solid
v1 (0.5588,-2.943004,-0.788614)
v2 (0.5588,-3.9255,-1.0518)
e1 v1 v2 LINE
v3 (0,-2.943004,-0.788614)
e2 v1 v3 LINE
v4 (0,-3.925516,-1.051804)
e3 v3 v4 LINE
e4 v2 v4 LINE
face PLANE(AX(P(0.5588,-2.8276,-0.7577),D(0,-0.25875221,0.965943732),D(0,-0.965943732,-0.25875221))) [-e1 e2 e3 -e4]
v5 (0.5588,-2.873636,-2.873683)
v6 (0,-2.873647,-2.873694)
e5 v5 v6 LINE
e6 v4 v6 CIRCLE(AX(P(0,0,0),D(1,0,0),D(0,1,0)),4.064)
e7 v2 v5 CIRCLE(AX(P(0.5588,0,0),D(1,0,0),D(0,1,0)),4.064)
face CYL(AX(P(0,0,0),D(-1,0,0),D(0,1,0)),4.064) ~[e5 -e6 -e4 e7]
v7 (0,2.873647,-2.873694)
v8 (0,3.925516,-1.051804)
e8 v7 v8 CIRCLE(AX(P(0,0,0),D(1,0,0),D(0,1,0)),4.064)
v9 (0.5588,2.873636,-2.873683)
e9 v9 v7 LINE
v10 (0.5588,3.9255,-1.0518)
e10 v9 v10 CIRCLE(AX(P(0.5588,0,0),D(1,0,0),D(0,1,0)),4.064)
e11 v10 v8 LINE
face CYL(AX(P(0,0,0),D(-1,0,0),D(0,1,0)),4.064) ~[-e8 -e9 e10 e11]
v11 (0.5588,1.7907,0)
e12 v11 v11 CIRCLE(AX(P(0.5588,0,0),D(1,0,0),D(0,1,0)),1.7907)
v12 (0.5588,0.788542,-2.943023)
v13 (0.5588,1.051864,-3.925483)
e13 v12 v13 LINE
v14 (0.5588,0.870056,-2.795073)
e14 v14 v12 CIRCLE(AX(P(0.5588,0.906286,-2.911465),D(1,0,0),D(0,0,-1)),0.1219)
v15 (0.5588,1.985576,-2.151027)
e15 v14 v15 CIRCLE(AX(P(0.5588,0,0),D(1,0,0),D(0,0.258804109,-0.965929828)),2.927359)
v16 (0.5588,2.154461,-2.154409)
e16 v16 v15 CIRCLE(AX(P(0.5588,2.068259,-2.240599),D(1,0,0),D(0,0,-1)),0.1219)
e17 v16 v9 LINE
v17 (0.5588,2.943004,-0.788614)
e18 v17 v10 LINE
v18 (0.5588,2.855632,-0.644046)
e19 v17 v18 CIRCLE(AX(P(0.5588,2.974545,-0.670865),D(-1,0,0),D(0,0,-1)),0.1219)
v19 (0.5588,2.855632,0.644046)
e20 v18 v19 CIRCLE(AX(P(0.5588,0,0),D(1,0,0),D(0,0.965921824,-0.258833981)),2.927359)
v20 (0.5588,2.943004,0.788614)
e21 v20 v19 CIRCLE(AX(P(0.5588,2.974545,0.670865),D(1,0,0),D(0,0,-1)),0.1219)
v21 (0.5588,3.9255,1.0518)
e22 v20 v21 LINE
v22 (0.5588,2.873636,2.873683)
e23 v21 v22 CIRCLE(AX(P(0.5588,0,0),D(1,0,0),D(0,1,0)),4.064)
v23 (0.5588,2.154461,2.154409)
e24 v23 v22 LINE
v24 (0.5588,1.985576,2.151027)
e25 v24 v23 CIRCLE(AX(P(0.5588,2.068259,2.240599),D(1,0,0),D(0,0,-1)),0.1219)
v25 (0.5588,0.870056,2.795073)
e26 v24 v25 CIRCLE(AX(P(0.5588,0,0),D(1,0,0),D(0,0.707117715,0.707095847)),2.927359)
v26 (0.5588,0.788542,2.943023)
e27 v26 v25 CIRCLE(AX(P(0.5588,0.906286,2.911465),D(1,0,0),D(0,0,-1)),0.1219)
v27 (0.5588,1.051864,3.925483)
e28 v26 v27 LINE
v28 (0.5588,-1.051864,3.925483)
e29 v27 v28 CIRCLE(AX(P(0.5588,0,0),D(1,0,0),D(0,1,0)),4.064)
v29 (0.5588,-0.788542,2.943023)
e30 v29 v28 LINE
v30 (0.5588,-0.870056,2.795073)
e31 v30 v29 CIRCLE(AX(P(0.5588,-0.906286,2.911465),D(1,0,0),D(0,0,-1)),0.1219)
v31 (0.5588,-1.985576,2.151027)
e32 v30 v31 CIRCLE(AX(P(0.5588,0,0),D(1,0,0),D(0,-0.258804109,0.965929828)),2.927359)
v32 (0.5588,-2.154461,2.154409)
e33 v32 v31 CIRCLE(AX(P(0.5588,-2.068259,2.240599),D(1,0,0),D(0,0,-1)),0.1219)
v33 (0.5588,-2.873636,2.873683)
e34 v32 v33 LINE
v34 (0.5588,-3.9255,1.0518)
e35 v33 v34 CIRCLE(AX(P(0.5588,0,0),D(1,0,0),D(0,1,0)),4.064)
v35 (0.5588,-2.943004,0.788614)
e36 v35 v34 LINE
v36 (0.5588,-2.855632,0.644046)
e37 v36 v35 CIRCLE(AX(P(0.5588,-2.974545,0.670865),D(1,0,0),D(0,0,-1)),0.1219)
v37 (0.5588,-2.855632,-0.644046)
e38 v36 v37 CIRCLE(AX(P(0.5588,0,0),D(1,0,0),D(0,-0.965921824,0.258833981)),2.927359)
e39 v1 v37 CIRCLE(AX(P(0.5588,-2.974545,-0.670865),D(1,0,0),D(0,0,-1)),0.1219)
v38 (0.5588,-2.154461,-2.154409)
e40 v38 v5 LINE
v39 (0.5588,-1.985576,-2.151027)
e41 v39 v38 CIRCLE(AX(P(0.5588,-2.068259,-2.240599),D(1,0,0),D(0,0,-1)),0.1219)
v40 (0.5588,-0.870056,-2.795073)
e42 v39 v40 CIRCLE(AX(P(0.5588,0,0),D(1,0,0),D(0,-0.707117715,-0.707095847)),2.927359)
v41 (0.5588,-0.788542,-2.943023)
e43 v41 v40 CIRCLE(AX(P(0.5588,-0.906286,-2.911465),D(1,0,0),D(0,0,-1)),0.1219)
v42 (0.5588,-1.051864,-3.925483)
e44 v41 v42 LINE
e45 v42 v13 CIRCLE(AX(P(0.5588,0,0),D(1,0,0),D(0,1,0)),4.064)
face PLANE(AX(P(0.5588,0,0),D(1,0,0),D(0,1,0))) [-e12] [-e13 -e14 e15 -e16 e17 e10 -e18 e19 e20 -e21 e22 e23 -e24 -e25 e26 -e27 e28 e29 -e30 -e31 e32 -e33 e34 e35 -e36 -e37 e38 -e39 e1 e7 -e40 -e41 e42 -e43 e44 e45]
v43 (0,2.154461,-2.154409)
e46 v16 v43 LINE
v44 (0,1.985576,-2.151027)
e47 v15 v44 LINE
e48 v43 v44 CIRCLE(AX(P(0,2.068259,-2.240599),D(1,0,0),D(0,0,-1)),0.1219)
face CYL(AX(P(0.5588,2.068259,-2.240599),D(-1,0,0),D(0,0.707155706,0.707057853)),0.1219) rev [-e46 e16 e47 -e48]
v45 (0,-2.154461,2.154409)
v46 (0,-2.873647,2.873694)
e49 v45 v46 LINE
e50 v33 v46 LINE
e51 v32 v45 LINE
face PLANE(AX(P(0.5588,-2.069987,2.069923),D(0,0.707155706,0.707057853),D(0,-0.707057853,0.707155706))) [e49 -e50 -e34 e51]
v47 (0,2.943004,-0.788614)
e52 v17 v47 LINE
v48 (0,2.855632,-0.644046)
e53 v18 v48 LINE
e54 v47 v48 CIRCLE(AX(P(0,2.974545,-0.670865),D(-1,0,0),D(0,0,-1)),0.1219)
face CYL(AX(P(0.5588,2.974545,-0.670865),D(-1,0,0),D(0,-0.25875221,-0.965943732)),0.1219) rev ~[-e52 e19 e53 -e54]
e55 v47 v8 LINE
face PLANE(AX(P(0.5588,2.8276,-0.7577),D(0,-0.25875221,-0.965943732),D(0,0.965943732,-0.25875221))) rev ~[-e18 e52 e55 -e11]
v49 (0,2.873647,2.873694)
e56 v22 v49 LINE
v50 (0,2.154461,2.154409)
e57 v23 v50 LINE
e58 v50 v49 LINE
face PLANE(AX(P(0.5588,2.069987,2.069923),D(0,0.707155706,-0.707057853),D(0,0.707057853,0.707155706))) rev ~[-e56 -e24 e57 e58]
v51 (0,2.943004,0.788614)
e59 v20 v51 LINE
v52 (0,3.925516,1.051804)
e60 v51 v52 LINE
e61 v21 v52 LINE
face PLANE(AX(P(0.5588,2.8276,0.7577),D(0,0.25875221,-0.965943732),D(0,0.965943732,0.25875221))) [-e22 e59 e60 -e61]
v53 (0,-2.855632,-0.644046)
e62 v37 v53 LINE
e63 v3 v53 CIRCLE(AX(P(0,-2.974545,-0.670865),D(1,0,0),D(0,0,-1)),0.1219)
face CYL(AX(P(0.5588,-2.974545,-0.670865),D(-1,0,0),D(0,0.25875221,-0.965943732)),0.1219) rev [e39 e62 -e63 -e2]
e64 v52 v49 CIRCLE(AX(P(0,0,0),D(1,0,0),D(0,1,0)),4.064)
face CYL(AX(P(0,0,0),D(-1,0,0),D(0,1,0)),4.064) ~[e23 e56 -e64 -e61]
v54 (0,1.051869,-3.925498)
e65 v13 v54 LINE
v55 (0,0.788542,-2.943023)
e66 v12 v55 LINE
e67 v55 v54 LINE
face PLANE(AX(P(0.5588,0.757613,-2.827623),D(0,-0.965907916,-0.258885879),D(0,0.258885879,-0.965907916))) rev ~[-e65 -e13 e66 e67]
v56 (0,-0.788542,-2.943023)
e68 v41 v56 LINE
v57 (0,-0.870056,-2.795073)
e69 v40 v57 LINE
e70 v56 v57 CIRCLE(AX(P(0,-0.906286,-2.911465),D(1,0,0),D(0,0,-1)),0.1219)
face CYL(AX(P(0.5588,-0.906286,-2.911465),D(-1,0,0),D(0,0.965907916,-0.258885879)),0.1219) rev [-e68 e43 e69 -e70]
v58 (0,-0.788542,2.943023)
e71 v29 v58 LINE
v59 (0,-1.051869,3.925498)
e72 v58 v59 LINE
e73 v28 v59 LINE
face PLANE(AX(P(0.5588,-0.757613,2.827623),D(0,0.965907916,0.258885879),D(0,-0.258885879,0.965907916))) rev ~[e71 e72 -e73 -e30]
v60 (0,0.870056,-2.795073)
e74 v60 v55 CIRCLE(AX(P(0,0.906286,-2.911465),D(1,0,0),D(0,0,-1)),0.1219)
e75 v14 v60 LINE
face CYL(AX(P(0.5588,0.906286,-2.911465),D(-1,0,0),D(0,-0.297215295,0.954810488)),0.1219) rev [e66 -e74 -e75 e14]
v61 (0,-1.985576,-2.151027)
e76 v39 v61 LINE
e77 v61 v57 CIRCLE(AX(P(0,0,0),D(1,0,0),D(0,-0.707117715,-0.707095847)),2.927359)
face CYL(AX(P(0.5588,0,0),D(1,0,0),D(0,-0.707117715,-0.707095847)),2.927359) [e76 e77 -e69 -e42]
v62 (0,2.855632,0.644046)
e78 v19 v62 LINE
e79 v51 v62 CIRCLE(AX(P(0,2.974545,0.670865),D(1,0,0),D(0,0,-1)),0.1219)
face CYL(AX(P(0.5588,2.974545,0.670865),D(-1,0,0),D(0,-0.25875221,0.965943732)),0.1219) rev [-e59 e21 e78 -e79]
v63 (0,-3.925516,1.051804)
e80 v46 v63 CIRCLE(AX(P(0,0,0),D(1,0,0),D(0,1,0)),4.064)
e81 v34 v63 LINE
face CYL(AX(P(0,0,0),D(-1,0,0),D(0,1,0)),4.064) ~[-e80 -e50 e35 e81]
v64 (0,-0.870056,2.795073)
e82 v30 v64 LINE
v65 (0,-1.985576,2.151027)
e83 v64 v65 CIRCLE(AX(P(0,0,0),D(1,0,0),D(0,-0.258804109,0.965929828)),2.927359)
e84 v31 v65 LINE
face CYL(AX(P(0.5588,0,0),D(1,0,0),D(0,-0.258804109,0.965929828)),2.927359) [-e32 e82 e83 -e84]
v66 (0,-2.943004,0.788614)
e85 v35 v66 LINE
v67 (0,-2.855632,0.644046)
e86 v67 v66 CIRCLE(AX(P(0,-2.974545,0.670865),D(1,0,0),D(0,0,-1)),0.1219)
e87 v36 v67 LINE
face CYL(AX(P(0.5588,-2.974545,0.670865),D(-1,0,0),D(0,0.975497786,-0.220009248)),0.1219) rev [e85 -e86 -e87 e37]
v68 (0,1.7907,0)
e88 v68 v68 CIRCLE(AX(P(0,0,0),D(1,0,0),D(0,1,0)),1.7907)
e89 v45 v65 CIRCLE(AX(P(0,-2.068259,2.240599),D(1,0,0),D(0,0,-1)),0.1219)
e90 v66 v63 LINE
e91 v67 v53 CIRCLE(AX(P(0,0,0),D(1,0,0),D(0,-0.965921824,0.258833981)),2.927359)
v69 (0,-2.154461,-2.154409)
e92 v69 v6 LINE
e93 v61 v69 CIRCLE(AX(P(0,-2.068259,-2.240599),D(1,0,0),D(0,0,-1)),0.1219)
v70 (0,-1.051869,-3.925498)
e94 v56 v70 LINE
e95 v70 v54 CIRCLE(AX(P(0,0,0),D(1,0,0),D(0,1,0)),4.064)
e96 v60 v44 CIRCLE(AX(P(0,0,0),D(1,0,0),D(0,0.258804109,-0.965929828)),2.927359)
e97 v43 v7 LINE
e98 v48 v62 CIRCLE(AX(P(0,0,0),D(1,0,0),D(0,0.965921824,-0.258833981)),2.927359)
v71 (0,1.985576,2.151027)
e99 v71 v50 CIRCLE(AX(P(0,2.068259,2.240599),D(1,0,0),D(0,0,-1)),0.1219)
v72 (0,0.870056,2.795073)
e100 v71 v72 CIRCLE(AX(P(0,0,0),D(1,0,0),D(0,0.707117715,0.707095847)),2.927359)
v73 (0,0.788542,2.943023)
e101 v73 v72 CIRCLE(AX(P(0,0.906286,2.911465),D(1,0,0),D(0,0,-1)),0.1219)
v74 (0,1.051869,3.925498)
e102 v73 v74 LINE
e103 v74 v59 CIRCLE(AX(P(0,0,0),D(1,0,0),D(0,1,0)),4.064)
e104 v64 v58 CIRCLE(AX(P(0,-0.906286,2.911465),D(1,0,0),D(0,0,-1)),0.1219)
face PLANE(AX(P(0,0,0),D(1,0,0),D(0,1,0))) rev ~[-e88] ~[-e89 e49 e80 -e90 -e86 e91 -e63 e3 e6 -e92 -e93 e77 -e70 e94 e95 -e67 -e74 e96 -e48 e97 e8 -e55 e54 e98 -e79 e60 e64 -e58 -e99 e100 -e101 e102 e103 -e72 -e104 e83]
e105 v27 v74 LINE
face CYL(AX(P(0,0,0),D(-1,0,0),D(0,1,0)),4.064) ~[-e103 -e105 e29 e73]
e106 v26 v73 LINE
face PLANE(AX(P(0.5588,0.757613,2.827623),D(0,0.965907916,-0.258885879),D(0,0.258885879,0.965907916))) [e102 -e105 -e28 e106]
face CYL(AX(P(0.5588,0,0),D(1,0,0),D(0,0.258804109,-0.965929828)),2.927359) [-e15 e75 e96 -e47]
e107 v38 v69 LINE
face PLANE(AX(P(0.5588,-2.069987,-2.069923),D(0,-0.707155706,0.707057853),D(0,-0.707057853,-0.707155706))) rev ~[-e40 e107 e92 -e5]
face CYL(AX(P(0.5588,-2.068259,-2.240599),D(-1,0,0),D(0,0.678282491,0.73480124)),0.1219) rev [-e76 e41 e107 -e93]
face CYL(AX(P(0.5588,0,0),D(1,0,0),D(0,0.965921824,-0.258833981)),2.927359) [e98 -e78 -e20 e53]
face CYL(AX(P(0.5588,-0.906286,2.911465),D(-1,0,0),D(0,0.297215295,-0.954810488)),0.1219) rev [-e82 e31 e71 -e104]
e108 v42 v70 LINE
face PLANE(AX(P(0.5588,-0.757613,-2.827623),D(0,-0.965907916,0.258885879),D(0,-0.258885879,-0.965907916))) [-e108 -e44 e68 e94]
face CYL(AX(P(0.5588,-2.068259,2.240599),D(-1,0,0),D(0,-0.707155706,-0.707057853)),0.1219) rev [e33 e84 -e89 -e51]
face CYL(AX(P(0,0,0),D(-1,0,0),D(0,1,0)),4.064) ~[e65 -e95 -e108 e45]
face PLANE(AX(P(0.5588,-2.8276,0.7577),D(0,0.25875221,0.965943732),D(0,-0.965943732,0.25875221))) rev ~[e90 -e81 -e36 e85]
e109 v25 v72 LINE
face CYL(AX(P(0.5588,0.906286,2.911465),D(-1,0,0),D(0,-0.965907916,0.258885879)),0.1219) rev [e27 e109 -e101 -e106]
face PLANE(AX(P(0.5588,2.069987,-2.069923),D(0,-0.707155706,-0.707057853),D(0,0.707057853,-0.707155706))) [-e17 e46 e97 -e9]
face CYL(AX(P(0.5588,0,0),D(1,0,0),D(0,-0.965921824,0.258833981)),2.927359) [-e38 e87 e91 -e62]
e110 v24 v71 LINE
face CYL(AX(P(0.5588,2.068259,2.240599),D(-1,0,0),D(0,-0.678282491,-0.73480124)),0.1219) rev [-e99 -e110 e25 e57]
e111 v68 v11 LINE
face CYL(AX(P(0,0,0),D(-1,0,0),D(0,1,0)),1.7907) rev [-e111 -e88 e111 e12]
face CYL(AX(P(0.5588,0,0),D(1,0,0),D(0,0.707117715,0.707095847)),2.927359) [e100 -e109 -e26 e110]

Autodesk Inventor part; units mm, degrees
ref_plane "YZ Plane" through (0, 0, 0) normal (1, 0, 0) x (0, 1, 0)
ref_plane "XZ Plane" through (0, 0, 0) normal (0, 1, 0) x (-1, 0, 0)
sketch "Sketch1" plane through (0, 0, 0) normal (1, 0, 0) x (0, 1, 0)
  circle A0 centre (0, 0) radius 4.064
  circle A1 centre (0, 0) radius 1.7907
  dimension "d0" = 8.128
  dimension "d1" = 3.5814
extrude "Body" add sketch "Sketch1" along normal blind 0.5588
sketch "Sketch2" plane through (0.5588, 0, 0) normal (1, 0, 0) x (0, 0, -1)
  circle A0 centre (0, 0) radius 4.064 projected
  line L0 (0, 0) -> (0, 4.064) construction
  arc A1 (1.0518, 3.9255) -> (-1.0518, 3.9255) centre (0, 0) ccw
  arc A2 (0.7577, 2.8276) -> (-0.7577, 2.8276) centre (0, 0) ccw
  line L1 (-0.7577, 2.8276) -> (-1.0518, 3.9255)
  line L2 (0.7577, 2.8276) -> (1.0518, 3.9255)
  line L3 (-0.7577, 2.8276) -> (0, 0) construction
  line L4 (0, 0) -> (0.7577, 2.8276) construction
  dimension "d4" = 30
  dimension "d5" = 5.8547
extrude "Cut" cut sketch "Sketch2" against normal through all contours L2 A2 L1 A0 picked at (0.0851, 3.6711)
fillet "Fillet1" radius 0.1219 2 edges at (0.2794, 2.8276, 0.7577) (0.2794, 2.8276, -0.7577)
pattern_circular "Cuts" count 6 over 360 about axis through (0, 0, 0) along (1, 0, 0) of "Cut", "Fillet1"
ref_plane "Work Plane1" through (0, 0, 0) normal (0, -1, 0) x (1, 0, 0)
equation "\"d0\" = SD2"
equation "\"d1\" = SD1"
equation "\"d2\" = SD"
equation "\"d5\" = 0.5 * SD2 + 0.5 * SD1"
equation "\"d6\" = SD"
equation "\"d8\" = 0.015 * SD2"
equation "\"SD\" = 0.5588"
equation "\"SD1\" = 3.5814"
equation "\"SD2\" = 8.128"
equation "\"NND\" = 3.5052"
properties part number "ASME B18.21.1 - No. 6. Carbon Steel" material "Steel, Mild"
